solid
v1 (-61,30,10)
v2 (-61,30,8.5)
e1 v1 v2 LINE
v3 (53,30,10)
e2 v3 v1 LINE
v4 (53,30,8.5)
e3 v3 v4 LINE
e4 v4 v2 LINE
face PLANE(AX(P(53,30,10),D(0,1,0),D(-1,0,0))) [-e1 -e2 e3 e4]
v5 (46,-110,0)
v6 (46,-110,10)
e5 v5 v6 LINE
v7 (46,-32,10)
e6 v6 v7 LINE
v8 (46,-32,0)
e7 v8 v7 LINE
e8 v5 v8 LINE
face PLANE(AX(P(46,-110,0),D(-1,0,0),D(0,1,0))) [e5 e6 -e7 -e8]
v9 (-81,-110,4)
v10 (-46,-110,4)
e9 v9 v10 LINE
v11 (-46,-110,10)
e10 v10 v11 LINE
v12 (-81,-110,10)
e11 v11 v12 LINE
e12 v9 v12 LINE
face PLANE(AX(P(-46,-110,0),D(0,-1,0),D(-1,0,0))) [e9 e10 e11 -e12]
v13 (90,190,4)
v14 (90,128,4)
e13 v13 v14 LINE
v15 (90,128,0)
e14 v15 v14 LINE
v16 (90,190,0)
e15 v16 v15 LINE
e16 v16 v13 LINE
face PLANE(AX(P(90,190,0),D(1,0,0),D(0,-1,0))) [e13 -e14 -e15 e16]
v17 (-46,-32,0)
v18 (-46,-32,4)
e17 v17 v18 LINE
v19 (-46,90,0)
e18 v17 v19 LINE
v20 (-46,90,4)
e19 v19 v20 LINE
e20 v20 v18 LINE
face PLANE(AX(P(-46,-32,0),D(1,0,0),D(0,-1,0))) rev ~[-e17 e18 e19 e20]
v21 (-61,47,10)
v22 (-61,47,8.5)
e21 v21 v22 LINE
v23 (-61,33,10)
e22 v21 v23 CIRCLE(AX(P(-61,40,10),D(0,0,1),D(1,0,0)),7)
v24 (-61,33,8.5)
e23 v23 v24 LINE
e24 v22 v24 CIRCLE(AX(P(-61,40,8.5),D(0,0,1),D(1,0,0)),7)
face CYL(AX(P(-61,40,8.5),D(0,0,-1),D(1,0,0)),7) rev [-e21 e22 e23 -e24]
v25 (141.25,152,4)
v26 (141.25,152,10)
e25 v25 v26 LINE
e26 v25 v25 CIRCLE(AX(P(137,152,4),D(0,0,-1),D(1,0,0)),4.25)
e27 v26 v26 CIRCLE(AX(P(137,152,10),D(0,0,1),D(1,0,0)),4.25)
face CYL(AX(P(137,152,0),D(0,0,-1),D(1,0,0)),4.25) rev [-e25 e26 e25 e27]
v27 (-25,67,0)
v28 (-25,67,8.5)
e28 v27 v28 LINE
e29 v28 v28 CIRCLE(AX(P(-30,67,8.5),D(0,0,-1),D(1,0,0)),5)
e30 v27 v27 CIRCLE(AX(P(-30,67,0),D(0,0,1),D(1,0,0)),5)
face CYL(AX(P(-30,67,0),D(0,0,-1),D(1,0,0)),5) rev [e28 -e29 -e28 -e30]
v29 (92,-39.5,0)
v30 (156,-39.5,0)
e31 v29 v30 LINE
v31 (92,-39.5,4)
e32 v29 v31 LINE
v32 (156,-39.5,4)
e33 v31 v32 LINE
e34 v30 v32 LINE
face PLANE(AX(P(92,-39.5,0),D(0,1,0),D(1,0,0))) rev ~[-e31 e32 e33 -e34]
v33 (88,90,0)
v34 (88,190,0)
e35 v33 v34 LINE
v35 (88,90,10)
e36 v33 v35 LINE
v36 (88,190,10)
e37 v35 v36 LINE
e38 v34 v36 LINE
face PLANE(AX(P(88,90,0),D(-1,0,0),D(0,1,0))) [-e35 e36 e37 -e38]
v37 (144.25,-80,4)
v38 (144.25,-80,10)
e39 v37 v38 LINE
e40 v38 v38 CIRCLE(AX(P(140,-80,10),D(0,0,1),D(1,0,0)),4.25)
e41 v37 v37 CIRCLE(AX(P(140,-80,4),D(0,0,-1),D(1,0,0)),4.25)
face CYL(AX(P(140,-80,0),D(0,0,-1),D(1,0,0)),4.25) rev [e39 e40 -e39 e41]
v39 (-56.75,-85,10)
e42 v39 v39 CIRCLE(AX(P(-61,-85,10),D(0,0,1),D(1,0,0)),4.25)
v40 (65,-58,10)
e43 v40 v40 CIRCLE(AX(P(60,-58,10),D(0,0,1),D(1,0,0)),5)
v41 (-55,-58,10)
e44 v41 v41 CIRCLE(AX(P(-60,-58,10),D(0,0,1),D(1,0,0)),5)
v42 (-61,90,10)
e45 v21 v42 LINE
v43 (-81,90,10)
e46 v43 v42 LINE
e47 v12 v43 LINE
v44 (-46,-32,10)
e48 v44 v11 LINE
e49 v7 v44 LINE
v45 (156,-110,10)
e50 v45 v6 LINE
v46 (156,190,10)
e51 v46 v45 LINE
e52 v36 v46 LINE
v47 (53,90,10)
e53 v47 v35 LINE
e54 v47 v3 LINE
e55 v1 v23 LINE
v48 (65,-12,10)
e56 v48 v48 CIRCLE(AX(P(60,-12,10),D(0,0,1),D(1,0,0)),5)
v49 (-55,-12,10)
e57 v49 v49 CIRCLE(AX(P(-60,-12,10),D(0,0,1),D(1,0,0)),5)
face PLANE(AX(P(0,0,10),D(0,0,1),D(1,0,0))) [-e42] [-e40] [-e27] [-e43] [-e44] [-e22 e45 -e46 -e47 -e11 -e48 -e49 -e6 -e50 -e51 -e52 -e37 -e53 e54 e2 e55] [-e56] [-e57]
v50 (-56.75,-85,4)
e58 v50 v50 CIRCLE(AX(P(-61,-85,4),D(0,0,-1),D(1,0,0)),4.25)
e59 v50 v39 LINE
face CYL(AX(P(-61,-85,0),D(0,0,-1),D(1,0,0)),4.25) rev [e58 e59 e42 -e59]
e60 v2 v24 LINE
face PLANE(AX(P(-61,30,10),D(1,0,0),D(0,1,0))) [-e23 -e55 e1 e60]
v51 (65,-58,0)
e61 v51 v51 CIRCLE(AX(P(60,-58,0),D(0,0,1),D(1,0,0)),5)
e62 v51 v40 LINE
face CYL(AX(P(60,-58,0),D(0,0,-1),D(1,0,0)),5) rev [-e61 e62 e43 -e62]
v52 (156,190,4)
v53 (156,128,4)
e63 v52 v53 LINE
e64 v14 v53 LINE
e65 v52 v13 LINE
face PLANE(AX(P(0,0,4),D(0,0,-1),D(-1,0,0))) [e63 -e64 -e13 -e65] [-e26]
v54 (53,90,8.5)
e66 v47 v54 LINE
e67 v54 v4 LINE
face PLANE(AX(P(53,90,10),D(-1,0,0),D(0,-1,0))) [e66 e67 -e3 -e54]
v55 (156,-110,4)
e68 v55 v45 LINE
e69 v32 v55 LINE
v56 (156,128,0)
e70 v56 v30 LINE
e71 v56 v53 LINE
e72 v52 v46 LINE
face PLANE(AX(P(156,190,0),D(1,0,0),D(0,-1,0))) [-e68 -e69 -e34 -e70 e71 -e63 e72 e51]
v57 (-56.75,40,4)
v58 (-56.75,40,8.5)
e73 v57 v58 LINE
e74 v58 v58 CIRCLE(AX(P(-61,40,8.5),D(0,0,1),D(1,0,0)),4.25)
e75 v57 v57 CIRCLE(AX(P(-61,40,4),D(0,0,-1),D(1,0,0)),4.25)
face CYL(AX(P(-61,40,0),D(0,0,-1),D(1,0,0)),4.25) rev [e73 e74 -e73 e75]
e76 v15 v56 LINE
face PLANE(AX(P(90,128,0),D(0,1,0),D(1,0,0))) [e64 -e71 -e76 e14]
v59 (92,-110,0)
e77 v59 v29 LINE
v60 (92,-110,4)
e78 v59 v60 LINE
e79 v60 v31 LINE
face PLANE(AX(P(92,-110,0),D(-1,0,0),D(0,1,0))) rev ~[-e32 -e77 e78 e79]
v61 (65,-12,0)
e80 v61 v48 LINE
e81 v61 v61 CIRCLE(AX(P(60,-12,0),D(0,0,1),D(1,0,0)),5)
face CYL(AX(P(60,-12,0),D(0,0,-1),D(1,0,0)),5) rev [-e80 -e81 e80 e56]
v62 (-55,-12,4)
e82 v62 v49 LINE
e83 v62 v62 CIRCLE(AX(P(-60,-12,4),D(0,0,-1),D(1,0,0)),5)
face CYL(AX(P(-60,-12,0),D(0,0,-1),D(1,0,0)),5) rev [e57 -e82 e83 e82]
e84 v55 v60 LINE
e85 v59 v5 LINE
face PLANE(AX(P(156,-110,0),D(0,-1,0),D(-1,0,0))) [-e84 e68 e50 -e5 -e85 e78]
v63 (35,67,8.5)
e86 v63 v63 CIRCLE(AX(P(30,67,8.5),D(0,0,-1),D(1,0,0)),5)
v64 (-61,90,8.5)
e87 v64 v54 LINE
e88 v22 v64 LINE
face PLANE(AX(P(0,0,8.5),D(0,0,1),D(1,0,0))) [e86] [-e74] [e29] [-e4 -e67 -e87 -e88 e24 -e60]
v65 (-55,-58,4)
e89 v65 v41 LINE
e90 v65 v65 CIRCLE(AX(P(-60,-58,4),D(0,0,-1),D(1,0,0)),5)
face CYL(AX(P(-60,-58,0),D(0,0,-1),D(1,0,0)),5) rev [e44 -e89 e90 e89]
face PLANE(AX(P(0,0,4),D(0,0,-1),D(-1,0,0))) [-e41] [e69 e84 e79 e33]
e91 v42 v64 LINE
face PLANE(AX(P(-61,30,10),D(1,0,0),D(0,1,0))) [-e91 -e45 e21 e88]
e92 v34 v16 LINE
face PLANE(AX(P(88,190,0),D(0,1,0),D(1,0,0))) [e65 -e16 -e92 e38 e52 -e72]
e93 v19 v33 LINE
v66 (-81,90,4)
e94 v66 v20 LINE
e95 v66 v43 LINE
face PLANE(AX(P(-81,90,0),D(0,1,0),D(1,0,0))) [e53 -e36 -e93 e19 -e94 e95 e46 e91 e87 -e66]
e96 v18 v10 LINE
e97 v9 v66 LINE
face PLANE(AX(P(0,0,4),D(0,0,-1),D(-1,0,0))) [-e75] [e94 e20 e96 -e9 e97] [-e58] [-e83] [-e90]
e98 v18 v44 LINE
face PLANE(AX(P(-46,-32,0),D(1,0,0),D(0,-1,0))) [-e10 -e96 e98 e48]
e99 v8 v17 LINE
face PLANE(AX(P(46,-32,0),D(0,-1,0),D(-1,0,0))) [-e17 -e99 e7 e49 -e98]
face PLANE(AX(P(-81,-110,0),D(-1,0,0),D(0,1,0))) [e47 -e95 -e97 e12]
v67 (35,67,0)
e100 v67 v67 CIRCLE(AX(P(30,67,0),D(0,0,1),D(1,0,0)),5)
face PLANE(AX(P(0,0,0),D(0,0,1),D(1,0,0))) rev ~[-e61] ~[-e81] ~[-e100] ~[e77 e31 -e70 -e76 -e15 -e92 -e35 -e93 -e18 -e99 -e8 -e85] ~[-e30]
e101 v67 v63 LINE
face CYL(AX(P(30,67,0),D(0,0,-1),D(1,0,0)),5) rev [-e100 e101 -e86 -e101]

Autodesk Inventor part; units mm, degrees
ref_plane "YZ Plane" through (0, 0, 0) normal (1, 0, 0) x (0, 1, 0)
ref_plane "XZ Plane" through (0, 0, 0) normal (0, 1, 0) x (-1, 0, 0)
ref_plane "XY Plane" through (0, 0, 0) normal (0, 0, 1) x (1, 0, 0)
sketch "Sketch1" plane through (0, 0, 0) normal (0, 0, 1) x (1, 0, 0)
  circle A0 centre (60, -12) radius 5
  line L0 (0, 0) -> (0, 90) construction
  circle A1 centre (-60, -12) radius 5
  line L1 (46, -32) -> (-46, -32)
  line L2 (-46, -32) -> (-46, -110)
  line L3 (-46, -110) -> (-81, -110)
  line L4 (-81, 90) -> (88, 90)
  line L5 (88, 90) -> (88, 190)
  line L6 (88, 190) -> (156, 190)
  line L7 (156, 190) -> (156, -110)
  line L8 (156, -110) -> (46, -110)
  line L9 (46, -110) -> (46, -32)
  line L10 (-81, -110) -> (-81, 90)
  circle A2 centre (30, 67) radius 5
  circle A3 centre (-30, 67) radius 5
  circle A4 centre (60, -58) radius 5
  circle A5 centre (-60, -58) radius 5
  circle A6 centre (-61, -85) radius 4.25
  circle A7 centre (140, -80) radius 4.25
  circle A8 centre (137, 152) radius 4.25
  circle A9 centre (-61, 40) radius 4.25
  point P0 (0, -32)
  dimension "d82" = 10
  dimension "d83" = 60
  dimension "d86" = 32
  dimension "d87" = 90
  dimension "d88" = 92
  dimension "d90" = 300
  dimension "d91" = 200
  dimension "d92" = 35
  dimension "d93" = 68
  dimension "d94" = 100
  dimension "d95" = 237
  dimension "d96" = 79
  dimension "d98" = 60
  dimension "d100" = 46
  dimension "d101" = 8.5
  dimension "d102" = 140
  dimension "d103" = 80
  dimension "d104" = 3
  dimension "d105" = 152
  dimension "d106" = 61
  dimension "d107" = 85
  dimension "d108" = 40
  dimension "d136" = 12
extrude "Extrusion1" add sketch "Sketch1" along normal blind 10
sketch "Sketch2" plane through (0, 0, 10) normal (0, 0, 1) x (1, 0, 0)
  line L0 (-81, 90) -> (88, 90) projected
  line L1 (-61, 90) -> (53, 90)
  line L2 (53, 90) -> (53, 30)
  line L3 (53, 30) -> (-61, 30)
  line L4 (-61, 30) -> (-61, 90)
  line L5 (-81, 90) -> (-81, -110) projected
  point P0 (0, 0)
  dimension "d111" = 114
  dimension "d112" = 60
  dimension "d113" = 20
extrude "Extrusion2" cut sketch "Sketch2" against normal blind 1.5
sketch "Sketch3" plane through (0, 0, 8.5) normal (0, 0, 1) x (1, 0, 0)
  circle A0 centre (-61, 40) radius 4.25 projected
  circle A1 centre (-61, 40) radius 7
  point P0 (0, 0)
  dimension "d116" = 14
extrude "Extrusion3" cut sketch "Sketch3" along normal up to surface (1.5 mm away)
thread "Thread1" size "M10x1.5" class "6H" standard "ISO Metric profile" full length
thread "Thread2" size "M10x1.5" class "6H" standard "ANSI Metric M Profile" full length
thread "Thread3" size "M10x1.5" class "6H" standard "ANSI Metric M Profile" full length
thread "Thread4" size "M10x1.5" class "6H" standard "ANSI Metric M Profile" full length
sketch "Sketch4" plane through (0, 0, 0) normal (0, 0, -1) x (-1, 0, 0)
  line L0 (-156, 190) -> (-156, -110) projected
  line L1 (-156, 190) -> (-90, 190)
  line L2 (-88, 190) -> (-156, 190) projected
  line L3 (-90, 190) -> (-90, 128)
  line L4 (-88, 90) -> (-88, 190) projected
  line L5 (-90, 190) -> (-28, 190) construction
  line L6 (-90, 128) -> (-156, 128)
  line L7 (-156, 128) -> (-156, 190)
  line L8 (-156, -110) -> (-46, -110) projected
  line L9 (-156, -110) -> (-92, -110)
  line L10 (-92, -110) -> (-92, -39.5)
  line L11 (-92, -39.5) -> (-156, -39.5)
  line L12 (81, -110) -> (81, 90) projected
  line L13 (46, -32) -> (46, -110) projected
  line L14 (81, -110) -> (46, -110)
  line L15 (46, -110) -> (46, 90)
  line L16 (81, 90) -> (-88, 90) projected
  point P0 (0, 0)
  dimension "d127" = 66
  dimension "d128" = 62
  dimension "d129" = 90
  dimension "d130" = 66
  dimension "d131" = 90
  dimension "d134" = 64
  dimension "d135" = 70.5
extrude "Extrusion4" cut sketch "Sketch4" against normal blind 4
properties part number "SUPPORT MAIN FRAME MOTOR-BALL SCREW-REV-B" material "Steel"
